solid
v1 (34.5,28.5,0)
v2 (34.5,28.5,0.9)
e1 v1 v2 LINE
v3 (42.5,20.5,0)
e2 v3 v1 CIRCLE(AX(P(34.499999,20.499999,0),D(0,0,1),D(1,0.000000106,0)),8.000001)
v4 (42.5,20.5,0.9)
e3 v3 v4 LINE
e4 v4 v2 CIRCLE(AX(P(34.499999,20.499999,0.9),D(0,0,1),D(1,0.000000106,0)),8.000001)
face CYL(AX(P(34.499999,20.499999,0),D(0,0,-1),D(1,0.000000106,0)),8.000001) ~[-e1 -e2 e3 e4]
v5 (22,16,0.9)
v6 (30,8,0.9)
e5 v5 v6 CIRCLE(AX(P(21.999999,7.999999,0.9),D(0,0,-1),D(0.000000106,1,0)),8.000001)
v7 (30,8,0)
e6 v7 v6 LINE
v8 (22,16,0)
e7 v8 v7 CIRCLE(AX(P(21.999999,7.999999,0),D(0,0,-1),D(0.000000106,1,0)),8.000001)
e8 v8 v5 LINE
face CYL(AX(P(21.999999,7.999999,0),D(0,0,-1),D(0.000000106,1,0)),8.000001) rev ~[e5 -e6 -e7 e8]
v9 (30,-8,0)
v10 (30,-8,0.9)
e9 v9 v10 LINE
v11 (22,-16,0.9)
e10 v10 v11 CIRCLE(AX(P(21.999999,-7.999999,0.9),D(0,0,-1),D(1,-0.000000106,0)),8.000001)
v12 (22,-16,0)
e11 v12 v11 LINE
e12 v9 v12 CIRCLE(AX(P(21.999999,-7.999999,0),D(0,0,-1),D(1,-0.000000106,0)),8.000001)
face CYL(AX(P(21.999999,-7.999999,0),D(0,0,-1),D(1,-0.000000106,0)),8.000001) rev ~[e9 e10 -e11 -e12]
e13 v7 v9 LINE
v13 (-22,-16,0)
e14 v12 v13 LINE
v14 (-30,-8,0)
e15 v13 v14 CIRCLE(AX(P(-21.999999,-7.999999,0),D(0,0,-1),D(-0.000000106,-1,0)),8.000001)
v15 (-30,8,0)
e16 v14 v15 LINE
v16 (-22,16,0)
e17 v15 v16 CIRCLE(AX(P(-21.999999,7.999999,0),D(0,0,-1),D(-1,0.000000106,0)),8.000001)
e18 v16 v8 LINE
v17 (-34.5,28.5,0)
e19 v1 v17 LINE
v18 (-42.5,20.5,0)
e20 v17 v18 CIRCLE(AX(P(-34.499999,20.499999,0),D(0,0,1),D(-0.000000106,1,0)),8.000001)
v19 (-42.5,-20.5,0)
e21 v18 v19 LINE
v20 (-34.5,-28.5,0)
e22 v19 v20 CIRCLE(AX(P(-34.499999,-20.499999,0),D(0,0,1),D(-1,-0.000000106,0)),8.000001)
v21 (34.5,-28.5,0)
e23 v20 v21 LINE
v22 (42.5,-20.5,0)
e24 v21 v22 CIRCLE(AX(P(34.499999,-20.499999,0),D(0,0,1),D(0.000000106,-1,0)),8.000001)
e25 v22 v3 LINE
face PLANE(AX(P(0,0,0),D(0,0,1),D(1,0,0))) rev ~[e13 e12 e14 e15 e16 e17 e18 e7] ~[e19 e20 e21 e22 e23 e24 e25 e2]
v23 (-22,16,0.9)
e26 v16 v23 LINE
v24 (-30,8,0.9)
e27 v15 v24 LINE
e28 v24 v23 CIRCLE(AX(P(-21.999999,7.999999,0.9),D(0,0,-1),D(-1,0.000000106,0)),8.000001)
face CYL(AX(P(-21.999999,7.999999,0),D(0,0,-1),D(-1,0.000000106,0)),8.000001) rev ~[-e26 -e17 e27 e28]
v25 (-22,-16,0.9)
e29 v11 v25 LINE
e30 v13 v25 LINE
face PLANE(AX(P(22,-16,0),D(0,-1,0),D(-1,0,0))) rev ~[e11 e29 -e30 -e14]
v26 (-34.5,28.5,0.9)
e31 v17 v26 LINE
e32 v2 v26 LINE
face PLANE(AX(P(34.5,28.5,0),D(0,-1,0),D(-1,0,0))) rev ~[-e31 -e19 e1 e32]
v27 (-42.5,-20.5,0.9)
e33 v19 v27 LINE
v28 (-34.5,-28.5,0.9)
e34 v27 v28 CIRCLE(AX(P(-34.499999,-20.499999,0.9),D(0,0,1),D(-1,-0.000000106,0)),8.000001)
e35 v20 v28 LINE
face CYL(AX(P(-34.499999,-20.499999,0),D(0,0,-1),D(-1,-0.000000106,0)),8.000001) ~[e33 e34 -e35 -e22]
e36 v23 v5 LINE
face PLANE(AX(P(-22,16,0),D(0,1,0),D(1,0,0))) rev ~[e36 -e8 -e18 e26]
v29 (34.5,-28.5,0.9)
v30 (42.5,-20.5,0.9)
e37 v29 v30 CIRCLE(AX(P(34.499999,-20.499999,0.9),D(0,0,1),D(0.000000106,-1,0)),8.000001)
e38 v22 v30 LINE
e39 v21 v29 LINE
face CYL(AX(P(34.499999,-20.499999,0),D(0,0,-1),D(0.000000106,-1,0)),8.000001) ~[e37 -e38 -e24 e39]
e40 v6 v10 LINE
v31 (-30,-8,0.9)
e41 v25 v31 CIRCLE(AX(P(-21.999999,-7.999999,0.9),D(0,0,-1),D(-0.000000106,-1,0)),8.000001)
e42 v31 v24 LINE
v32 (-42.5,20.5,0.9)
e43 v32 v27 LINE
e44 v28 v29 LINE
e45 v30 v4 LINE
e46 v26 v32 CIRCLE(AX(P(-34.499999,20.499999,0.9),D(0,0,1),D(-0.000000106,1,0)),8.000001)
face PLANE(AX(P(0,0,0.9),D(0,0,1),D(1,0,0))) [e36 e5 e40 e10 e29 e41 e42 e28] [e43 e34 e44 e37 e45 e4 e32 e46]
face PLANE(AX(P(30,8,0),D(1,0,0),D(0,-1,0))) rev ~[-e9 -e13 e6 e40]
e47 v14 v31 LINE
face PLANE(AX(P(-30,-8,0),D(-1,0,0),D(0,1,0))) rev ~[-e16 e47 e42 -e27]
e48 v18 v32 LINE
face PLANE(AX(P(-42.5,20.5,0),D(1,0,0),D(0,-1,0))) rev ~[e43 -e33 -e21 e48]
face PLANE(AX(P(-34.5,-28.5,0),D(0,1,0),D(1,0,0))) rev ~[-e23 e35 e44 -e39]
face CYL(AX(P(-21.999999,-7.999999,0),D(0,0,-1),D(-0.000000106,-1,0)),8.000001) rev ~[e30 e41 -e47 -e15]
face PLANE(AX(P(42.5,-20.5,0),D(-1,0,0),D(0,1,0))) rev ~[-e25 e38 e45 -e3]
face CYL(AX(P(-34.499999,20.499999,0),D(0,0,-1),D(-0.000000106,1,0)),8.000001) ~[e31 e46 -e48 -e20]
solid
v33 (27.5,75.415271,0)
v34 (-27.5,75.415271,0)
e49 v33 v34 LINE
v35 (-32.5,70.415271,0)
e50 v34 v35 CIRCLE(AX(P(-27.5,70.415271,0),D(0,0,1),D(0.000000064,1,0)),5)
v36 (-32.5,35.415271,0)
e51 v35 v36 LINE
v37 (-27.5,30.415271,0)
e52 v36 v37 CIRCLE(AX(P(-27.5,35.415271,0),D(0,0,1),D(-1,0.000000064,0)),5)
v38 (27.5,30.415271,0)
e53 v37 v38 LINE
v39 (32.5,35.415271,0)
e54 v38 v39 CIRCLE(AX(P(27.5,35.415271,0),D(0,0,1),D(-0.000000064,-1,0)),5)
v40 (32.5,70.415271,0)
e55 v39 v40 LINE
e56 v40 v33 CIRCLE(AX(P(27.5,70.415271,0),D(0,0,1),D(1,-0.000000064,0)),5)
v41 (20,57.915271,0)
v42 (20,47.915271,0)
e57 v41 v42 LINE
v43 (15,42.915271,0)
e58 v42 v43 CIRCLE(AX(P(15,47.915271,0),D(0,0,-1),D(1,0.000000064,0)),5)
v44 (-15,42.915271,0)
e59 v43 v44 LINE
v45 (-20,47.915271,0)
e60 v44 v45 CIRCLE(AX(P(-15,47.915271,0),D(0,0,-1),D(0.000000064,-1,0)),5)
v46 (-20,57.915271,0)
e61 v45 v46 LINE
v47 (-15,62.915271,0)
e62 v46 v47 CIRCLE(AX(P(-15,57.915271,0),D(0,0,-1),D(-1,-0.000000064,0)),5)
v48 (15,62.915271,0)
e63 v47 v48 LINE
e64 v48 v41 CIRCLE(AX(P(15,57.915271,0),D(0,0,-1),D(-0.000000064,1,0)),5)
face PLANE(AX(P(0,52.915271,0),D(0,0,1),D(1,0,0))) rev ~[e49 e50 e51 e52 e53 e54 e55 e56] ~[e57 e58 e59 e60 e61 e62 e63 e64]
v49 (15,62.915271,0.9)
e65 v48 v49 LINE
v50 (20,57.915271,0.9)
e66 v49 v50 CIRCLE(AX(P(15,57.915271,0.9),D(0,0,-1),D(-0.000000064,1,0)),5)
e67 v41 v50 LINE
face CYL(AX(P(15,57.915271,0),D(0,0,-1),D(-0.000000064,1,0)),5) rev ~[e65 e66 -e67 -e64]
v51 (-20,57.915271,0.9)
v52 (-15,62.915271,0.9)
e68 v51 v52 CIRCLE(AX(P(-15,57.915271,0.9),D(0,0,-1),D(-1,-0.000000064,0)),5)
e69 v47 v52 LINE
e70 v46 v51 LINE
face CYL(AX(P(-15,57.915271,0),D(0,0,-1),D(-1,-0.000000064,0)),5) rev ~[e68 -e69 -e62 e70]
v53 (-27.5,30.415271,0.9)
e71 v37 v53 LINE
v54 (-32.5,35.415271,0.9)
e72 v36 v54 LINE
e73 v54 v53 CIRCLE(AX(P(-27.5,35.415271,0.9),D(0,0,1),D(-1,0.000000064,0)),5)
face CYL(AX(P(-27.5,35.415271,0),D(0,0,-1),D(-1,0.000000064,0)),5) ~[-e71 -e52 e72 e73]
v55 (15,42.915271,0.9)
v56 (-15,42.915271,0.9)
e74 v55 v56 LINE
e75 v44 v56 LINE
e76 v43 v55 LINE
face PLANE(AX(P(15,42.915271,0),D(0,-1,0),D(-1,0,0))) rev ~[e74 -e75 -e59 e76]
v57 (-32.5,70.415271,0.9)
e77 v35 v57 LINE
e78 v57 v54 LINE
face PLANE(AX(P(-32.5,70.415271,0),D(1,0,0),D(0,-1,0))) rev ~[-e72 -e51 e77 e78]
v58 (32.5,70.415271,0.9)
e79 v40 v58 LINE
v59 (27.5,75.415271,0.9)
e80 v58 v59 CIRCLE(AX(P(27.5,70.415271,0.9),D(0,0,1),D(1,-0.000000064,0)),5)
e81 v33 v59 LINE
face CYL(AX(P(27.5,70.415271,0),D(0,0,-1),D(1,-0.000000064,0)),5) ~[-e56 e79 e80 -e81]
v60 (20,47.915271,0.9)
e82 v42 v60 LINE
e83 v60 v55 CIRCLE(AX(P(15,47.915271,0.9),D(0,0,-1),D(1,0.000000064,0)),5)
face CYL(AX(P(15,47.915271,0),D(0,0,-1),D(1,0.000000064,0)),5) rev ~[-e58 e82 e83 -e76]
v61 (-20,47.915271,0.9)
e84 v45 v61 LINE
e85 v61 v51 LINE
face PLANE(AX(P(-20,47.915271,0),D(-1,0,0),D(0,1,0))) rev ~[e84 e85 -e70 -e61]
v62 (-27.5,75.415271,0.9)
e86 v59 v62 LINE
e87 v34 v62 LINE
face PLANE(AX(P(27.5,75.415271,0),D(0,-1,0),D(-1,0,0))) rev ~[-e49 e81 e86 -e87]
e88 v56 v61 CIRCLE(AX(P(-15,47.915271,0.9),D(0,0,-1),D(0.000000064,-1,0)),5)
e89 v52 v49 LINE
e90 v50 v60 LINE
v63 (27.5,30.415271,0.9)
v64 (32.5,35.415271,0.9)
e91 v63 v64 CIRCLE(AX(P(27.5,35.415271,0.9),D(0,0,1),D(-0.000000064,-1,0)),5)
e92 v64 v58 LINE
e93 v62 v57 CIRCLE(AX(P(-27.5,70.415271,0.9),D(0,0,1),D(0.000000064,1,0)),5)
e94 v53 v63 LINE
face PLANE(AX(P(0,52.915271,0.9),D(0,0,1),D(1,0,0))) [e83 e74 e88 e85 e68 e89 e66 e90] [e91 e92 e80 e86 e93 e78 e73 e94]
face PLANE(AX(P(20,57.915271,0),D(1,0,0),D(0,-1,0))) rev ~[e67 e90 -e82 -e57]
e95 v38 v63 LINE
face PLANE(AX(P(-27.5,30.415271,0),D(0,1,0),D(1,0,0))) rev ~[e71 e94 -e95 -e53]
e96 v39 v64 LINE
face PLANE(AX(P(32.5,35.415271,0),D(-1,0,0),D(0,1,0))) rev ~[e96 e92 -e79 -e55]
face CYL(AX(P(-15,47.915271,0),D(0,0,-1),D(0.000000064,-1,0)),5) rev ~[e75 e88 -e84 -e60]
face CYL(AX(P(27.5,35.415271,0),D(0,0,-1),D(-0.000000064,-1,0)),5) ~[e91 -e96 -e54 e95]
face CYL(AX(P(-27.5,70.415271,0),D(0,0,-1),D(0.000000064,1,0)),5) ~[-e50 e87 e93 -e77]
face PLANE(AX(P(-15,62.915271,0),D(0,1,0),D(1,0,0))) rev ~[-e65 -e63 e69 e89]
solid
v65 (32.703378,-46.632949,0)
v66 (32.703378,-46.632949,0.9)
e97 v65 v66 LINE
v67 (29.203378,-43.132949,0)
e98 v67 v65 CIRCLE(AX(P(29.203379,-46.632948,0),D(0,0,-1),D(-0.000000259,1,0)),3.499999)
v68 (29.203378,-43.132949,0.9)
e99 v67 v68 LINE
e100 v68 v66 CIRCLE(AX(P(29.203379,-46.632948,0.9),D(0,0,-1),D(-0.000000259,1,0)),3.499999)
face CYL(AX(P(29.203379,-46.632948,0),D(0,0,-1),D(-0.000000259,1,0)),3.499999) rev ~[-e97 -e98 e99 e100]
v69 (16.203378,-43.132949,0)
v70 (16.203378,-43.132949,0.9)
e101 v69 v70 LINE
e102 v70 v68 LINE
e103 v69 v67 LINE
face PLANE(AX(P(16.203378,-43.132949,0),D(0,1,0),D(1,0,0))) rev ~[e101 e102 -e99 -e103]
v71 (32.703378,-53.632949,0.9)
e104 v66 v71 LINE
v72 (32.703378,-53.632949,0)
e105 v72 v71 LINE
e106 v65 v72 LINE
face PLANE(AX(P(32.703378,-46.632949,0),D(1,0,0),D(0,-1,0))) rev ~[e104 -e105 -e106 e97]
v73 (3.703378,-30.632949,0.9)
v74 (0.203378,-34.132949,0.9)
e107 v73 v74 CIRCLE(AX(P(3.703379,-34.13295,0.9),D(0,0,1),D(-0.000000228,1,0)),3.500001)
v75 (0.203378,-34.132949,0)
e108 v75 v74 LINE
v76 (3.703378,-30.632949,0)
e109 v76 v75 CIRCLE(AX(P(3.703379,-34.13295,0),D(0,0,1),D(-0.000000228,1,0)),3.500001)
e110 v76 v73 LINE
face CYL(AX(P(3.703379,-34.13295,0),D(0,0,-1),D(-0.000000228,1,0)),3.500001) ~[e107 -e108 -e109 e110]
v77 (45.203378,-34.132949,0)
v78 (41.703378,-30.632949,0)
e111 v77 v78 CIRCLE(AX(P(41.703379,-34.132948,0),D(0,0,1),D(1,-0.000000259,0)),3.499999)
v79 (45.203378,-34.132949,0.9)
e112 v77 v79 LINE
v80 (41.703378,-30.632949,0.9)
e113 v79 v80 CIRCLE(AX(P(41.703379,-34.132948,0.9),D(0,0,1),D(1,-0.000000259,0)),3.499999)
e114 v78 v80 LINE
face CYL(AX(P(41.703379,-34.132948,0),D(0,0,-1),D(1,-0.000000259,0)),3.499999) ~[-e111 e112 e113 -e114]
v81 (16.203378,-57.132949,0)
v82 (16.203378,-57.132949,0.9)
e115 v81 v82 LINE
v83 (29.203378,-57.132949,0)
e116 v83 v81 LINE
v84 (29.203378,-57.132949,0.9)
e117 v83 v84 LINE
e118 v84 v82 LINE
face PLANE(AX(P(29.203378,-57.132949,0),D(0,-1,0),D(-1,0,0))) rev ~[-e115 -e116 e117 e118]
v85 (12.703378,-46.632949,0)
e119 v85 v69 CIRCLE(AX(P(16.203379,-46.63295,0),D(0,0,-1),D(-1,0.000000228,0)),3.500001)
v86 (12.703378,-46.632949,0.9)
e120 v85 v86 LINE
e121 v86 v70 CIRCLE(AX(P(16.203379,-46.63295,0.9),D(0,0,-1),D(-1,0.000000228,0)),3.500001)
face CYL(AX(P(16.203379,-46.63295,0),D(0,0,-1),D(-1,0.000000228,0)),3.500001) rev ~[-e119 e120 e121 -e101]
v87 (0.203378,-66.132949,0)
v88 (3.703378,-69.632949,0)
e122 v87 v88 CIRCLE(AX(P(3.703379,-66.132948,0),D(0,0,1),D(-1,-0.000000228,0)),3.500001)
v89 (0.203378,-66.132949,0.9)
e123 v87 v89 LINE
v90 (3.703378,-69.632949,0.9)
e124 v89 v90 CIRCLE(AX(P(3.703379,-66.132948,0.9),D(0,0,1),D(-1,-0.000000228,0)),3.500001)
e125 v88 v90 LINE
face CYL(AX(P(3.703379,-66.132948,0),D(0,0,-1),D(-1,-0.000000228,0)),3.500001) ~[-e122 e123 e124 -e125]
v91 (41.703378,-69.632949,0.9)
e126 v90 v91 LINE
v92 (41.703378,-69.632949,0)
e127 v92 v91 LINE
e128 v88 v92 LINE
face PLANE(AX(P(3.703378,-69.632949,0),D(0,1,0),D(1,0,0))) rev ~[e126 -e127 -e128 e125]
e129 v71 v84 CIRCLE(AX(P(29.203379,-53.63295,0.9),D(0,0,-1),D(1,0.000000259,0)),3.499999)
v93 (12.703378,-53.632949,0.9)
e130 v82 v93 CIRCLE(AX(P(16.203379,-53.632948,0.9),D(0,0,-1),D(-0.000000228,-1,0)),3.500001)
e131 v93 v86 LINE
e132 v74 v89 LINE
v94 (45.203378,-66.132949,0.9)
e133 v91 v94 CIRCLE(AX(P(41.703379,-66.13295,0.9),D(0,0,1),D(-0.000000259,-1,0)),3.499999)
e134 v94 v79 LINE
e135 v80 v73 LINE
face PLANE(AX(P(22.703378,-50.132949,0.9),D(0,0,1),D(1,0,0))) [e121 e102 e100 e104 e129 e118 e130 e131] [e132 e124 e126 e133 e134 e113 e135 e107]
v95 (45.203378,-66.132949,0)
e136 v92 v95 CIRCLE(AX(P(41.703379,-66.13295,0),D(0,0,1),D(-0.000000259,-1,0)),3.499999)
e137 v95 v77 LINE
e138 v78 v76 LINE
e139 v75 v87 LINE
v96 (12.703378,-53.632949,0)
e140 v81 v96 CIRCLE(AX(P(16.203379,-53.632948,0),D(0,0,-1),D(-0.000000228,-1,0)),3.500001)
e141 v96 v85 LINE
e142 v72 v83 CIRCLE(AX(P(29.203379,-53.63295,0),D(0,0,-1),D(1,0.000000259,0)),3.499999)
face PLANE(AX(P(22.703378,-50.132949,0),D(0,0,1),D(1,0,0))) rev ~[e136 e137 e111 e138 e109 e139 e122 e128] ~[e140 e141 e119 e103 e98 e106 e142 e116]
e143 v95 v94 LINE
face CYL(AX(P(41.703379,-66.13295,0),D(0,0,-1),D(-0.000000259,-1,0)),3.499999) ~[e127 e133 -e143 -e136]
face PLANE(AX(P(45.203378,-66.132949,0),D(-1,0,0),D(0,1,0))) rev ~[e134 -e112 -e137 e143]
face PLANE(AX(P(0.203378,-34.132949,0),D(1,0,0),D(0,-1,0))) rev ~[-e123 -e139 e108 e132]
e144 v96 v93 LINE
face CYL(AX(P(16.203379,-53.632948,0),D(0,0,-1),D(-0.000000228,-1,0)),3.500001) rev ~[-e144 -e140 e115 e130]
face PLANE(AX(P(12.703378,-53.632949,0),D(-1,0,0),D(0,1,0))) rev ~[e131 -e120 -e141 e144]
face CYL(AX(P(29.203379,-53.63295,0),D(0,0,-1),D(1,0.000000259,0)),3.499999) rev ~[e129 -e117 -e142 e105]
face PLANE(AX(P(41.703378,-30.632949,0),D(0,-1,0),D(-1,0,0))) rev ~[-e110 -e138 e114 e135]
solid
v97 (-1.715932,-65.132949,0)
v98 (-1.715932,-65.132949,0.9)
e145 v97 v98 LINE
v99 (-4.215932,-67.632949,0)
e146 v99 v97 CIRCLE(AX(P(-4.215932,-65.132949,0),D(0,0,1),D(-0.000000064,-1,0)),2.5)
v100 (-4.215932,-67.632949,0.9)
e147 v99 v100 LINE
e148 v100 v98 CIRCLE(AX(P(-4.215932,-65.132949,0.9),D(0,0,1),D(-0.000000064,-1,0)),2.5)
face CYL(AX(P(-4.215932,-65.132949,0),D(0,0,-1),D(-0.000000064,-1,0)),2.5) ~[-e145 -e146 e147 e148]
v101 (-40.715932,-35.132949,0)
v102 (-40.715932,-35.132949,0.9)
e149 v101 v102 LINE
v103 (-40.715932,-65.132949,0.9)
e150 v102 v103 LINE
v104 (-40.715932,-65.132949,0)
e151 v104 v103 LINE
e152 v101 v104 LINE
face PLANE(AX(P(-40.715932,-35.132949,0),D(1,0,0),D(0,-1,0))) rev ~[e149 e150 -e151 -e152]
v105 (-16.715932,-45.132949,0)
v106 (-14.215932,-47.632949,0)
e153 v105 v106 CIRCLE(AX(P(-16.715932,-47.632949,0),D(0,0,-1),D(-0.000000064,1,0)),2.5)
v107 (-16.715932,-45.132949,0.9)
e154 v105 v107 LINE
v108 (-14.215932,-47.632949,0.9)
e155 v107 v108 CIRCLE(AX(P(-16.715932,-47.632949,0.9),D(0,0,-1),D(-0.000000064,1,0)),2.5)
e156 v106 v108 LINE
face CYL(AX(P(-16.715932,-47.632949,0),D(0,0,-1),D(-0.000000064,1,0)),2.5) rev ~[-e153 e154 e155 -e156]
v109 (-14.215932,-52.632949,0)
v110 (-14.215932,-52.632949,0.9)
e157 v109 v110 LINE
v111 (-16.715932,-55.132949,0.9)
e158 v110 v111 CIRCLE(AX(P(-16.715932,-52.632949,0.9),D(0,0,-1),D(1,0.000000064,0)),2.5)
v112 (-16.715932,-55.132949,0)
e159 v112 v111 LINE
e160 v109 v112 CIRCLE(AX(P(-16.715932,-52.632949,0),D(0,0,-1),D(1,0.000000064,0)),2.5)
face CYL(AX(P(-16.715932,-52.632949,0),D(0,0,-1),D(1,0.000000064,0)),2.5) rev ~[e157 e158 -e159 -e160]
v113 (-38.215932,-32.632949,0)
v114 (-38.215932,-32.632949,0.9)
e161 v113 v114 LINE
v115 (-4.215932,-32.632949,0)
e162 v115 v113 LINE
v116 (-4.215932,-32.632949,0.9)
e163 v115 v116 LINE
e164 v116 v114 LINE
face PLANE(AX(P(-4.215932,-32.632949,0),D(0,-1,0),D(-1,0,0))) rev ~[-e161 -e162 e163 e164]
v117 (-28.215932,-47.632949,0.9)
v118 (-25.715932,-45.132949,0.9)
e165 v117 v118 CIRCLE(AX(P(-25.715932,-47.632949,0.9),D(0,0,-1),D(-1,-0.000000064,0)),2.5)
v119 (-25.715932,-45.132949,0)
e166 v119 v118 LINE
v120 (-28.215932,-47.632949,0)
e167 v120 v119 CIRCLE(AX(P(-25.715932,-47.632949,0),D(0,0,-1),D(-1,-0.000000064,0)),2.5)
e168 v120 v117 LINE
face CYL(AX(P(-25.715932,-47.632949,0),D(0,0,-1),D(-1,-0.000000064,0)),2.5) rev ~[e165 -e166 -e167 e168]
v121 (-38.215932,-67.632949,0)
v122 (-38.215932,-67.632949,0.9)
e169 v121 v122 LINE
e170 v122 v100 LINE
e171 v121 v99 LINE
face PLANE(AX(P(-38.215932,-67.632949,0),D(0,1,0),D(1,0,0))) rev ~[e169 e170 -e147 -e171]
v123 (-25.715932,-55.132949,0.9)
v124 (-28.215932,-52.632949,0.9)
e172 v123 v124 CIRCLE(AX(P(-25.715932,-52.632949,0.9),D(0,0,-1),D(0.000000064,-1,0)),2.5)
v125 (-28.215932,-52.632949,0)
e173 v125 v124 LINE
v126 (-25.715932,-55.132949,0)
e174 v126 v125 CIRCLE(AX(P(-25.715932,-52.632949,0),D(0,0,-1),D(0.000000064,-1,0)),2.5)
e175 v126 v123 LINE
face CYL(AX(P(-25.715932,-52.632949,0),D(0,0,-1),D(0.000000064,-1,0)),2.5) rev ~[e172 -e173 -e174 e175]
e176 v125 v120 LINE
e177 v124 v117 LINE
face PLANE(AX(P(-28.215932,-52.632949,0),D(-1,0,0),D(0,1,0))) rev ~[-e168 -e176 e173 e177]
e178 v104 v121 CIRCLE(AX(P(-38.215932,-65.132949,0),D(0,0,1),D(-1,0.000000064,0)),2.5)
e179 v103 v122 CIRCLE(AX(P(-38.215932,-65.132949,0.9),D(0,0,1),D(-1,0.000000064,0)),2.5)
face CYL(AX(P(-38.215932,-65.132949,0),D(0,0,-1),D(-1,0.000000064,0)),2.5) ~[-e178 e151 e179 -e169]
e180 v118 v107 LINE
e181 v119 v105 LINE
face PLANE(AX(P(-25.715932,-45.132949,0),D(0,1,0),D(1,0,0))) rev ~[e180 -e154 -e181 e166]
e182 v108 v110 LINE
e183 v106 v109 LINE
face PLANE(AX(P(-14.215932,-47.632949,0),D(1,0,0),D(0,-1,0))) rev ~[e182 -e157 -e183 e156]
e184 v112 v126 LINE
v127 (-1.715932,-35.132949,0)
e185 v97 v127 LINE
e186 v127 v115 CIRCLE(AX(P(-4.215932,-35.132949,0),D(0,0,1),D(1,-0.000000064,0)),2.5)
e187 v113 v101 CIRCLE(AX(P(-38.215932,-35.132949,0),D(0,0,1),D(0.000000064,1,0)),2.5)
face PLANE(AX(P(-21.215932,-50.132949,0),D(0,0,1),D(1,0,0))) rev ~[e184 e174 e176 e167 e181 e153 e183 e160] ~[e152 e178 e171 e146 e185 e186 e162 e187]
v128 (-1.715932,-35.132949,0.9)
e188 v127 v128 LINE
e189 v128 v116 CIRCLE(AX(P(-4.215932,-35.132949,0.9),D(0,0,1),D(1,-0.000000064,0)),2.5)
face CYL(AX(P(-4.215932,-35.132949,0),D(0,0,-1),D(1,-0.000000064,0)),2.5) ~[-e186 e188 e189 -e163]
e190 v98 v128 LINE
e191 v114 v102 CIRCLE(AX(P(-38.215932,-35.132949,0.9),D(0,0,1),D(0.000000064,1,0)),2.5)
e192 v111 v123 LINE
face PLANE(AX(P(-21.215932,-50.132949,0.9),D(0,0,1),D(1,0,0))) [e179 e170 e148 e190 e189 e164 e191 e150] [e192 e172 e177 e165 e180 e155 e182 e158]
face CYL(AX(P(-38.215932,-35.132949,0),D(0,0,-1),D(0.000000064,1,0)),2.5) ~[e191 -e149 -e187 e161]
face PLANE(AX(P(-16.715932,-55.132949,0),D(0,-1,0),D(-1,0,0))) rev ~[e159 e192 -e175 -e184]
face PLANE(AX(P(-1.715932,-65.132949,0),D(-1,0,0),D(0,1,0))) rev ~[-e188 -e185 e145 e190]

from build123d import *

# Parameters (mm, degrees)
F1_DEPTH = 0.9


with BuildPart() as f1:
    # F0 (on Top) → F1 (new body)
    with BuildSketch(Plane.XY):
        with BuildLine():
            Line((-38.215932, -67.632949), (-4.215932, -67.632949))
            ThreePointArc((-4.215932, -67.632949), (-2.448165, -66.900716), (-1.715932, -65.132949))
            Line((-1.715932, -65.132949), (-1.715932, -35.132949))
            ThreePointArc((-1.715932, -35.132949), (-2.448165, -33.365182), (-4.215932, -32.632949))
            Line((-4.215932, -32.632949), (-38.215932, -32.632949))
            ThreePointArc((-38.215932, -32.632949), (-39.983699, -33.365182), (-40.715932, -35.132949))
            Line((-40.715932, -35.132949), (-40.715932, -65.132949))
            ThreePointArc((-40.715932, -65.132949), (-39.983699, -66.900716), (-38.215932, -67.632949))
        make_face()
        with BuildLine():
            ThreePointArc((-14.215932, -52.632949), (-14.948165, -54.400716), (-16.715932, -55.132949))
            Line((-16.715932, -55.132949), (-25.715932, -55.132949))
            ThreePointArc((-25.715932, -55.132949), (-27.483699, -54.400716), (-28.215932, -52.632949))
            Line((-28.215932, -52.632949), (-28.215932, -47.632949))
            ThreePointArc((-28.215932, -47.632949), (-27.483699, -45.865182), (-25.715932, -45.132949))
            Line((-25.715932, -45.132949), (-16.715932, -45.132949))
            ThreePointArc((-16.715932, -45.132949), (-14.948165, -45.865182), (-14.215932, -47.632949))
            Line((-14.215932, -47.632949), (-14.215932, -52.632949))
        make_face(mode=Mode.SUBTRACT)
        with BuildLine():
            Line((3.703378, -69.632949), (41.703378, -69.632949))
            ThreePointArc((41.703378, -69.632949), (44.178252, -68.607823), (45.203378, -66.132949))
            Line((45.203378, -66.132949), (45.203378, -34.132949))
            ThreePointArc((45.203378, -34.132949), (44.178252, -31.658075), (41.703378, -30.632949))
            Line((41.703378, -30.632949), (3.703378, -30.632949))
            ThreePointArc((3.703378, -30.632949), (1.228505, -31.658075), (0.203378, -34.132949))
            Line((0.203378, -34.132949), (0.203378, -66.132949))
            ThreePointArc((0.203378, -66.132949), (1.228505, -68.607823), (3.703378, -69.632949))
        make_face()
        with BuildLine():
            ThreePointArc((32.703378, -53.632949), (31.678252, -56.107823), (29.203378, -57.132949))
            Line((29.203378, -57.132949), (16.203378, -57.132949))
            ThreePointArc((16.203378, -57.132949), (13.728505, -56.107823), (12.703378, -53.632949))
            Line((12.703378, -53.632949), (12.703378, -46.632949))
            ThreePointArc((12.703378, -46.632949), (13.728505, -44.158075), (16.203378, -43.132949))
            Line((16.203378, -43.132949), (29.203378, -43.132949))
            ThreePointArc((29.203378, -43.132949), (31.678252, -44.158075), (32.703378, -46.632949))
            Line((32.703378, -46.632949), (32.703378, -53.632949))
        make_face(mode=Mode.SUBTRACT)
        with BuildLine():
            Line((-34.5, -28.5), (34.5, -28.5))
            ThreePointArc((34.5, -28.5), (40.156854, -26.156854), (42.5, -20.5))
            Line((42.5, -20.5), (42.5, 20.5))
            ThreePointArc((42.5, 20.5), (40.156854, 26.156854), (34.5, 28.5))
            Line((34.5, 28.5), (-34.5, 28.5))
            ThreePointArc((-34.5, 28.5), (-40.156854, 26.156854), (-42.5, 20.5))
            Line((-42.5, 20.5), (-42.5, -20.5))
            ThreePointArc((-42.5, -20.5), (-40.156854, -26.156854), (-34.5, -28.5))
        make_face()
        with BuildLine():
            ThreePointArc((30, -8), (27.656854, -13.656854), (22, -16))
            Line((22, -16), (-22, -16))
            ThreePointArc((-22, -16), (-27.656854, -13.656854), (-30, -8))
            Line((-30, -8), (-30, 8))
            ThreePointArc((-30, 8), (-27.656854, 13.656854), (-22, 16))
            Line((-22, 16), (22, 16))
            ThreePointArc((22, 16), (27.656854, 13.656854), (30, 8))
            Line((30, 8), (30, -8))
        make_face(mode=Mode.SUBTRACT)
        with BuildLine():
            Line((-27.5, 30.415271), (27.5, 30.415271))
            ThreePointArc((27.5, 30.415271), (31.035534, 31.879737), (32.5, 35.415271))
            Line((32.5, 35.415271), (32.5, 70.415271))
            ThreePointArc((32.5, 70.415271), (31.035534, 73.950805), (27.5, 75.415271))
            Line((27.5, 75.415271), (-27.5, 75.415271))
            ThreePointArc((-27.5, 75.415271), (-31.035534, 73.950805), (-32.5, 70.415271))
            Line((-32.5, 70.415271), (-32.5, 35.415271))
            ThreePointArc((-32.5, 35.415271), (-31.035534, 31.879737), (-27.5, 30.415271))
        make_face()
        with BuildLine():
            ThreePointArc((20, 47.915271), (18.535534, 44.379737), (15, 42.915271))
            Line((15, 42.915271), (-15, 42.915271))
            ThreePointArc((-15, 42.915271), (-18.535534, 44.379737), (-20, 47.915271))
            Line((-20, 47.915271), (-20, 57.915271))
            ThreePointArc((-20, 57.915271), (-18.535534, 61.450805), (-15, 62.915271))
            Line((-15, 62.915271), (15, 62.915271))
            ThreePointArc((15, 62.915271), (18.535534, 61.450805), (20, 57.915271))
            Line((20, 57.915271), (20, 47.915271))
        make_face(mode=Mode.SUBTRACT)
    extrude(amount=F1_DEPTH)


solid = f1.part
